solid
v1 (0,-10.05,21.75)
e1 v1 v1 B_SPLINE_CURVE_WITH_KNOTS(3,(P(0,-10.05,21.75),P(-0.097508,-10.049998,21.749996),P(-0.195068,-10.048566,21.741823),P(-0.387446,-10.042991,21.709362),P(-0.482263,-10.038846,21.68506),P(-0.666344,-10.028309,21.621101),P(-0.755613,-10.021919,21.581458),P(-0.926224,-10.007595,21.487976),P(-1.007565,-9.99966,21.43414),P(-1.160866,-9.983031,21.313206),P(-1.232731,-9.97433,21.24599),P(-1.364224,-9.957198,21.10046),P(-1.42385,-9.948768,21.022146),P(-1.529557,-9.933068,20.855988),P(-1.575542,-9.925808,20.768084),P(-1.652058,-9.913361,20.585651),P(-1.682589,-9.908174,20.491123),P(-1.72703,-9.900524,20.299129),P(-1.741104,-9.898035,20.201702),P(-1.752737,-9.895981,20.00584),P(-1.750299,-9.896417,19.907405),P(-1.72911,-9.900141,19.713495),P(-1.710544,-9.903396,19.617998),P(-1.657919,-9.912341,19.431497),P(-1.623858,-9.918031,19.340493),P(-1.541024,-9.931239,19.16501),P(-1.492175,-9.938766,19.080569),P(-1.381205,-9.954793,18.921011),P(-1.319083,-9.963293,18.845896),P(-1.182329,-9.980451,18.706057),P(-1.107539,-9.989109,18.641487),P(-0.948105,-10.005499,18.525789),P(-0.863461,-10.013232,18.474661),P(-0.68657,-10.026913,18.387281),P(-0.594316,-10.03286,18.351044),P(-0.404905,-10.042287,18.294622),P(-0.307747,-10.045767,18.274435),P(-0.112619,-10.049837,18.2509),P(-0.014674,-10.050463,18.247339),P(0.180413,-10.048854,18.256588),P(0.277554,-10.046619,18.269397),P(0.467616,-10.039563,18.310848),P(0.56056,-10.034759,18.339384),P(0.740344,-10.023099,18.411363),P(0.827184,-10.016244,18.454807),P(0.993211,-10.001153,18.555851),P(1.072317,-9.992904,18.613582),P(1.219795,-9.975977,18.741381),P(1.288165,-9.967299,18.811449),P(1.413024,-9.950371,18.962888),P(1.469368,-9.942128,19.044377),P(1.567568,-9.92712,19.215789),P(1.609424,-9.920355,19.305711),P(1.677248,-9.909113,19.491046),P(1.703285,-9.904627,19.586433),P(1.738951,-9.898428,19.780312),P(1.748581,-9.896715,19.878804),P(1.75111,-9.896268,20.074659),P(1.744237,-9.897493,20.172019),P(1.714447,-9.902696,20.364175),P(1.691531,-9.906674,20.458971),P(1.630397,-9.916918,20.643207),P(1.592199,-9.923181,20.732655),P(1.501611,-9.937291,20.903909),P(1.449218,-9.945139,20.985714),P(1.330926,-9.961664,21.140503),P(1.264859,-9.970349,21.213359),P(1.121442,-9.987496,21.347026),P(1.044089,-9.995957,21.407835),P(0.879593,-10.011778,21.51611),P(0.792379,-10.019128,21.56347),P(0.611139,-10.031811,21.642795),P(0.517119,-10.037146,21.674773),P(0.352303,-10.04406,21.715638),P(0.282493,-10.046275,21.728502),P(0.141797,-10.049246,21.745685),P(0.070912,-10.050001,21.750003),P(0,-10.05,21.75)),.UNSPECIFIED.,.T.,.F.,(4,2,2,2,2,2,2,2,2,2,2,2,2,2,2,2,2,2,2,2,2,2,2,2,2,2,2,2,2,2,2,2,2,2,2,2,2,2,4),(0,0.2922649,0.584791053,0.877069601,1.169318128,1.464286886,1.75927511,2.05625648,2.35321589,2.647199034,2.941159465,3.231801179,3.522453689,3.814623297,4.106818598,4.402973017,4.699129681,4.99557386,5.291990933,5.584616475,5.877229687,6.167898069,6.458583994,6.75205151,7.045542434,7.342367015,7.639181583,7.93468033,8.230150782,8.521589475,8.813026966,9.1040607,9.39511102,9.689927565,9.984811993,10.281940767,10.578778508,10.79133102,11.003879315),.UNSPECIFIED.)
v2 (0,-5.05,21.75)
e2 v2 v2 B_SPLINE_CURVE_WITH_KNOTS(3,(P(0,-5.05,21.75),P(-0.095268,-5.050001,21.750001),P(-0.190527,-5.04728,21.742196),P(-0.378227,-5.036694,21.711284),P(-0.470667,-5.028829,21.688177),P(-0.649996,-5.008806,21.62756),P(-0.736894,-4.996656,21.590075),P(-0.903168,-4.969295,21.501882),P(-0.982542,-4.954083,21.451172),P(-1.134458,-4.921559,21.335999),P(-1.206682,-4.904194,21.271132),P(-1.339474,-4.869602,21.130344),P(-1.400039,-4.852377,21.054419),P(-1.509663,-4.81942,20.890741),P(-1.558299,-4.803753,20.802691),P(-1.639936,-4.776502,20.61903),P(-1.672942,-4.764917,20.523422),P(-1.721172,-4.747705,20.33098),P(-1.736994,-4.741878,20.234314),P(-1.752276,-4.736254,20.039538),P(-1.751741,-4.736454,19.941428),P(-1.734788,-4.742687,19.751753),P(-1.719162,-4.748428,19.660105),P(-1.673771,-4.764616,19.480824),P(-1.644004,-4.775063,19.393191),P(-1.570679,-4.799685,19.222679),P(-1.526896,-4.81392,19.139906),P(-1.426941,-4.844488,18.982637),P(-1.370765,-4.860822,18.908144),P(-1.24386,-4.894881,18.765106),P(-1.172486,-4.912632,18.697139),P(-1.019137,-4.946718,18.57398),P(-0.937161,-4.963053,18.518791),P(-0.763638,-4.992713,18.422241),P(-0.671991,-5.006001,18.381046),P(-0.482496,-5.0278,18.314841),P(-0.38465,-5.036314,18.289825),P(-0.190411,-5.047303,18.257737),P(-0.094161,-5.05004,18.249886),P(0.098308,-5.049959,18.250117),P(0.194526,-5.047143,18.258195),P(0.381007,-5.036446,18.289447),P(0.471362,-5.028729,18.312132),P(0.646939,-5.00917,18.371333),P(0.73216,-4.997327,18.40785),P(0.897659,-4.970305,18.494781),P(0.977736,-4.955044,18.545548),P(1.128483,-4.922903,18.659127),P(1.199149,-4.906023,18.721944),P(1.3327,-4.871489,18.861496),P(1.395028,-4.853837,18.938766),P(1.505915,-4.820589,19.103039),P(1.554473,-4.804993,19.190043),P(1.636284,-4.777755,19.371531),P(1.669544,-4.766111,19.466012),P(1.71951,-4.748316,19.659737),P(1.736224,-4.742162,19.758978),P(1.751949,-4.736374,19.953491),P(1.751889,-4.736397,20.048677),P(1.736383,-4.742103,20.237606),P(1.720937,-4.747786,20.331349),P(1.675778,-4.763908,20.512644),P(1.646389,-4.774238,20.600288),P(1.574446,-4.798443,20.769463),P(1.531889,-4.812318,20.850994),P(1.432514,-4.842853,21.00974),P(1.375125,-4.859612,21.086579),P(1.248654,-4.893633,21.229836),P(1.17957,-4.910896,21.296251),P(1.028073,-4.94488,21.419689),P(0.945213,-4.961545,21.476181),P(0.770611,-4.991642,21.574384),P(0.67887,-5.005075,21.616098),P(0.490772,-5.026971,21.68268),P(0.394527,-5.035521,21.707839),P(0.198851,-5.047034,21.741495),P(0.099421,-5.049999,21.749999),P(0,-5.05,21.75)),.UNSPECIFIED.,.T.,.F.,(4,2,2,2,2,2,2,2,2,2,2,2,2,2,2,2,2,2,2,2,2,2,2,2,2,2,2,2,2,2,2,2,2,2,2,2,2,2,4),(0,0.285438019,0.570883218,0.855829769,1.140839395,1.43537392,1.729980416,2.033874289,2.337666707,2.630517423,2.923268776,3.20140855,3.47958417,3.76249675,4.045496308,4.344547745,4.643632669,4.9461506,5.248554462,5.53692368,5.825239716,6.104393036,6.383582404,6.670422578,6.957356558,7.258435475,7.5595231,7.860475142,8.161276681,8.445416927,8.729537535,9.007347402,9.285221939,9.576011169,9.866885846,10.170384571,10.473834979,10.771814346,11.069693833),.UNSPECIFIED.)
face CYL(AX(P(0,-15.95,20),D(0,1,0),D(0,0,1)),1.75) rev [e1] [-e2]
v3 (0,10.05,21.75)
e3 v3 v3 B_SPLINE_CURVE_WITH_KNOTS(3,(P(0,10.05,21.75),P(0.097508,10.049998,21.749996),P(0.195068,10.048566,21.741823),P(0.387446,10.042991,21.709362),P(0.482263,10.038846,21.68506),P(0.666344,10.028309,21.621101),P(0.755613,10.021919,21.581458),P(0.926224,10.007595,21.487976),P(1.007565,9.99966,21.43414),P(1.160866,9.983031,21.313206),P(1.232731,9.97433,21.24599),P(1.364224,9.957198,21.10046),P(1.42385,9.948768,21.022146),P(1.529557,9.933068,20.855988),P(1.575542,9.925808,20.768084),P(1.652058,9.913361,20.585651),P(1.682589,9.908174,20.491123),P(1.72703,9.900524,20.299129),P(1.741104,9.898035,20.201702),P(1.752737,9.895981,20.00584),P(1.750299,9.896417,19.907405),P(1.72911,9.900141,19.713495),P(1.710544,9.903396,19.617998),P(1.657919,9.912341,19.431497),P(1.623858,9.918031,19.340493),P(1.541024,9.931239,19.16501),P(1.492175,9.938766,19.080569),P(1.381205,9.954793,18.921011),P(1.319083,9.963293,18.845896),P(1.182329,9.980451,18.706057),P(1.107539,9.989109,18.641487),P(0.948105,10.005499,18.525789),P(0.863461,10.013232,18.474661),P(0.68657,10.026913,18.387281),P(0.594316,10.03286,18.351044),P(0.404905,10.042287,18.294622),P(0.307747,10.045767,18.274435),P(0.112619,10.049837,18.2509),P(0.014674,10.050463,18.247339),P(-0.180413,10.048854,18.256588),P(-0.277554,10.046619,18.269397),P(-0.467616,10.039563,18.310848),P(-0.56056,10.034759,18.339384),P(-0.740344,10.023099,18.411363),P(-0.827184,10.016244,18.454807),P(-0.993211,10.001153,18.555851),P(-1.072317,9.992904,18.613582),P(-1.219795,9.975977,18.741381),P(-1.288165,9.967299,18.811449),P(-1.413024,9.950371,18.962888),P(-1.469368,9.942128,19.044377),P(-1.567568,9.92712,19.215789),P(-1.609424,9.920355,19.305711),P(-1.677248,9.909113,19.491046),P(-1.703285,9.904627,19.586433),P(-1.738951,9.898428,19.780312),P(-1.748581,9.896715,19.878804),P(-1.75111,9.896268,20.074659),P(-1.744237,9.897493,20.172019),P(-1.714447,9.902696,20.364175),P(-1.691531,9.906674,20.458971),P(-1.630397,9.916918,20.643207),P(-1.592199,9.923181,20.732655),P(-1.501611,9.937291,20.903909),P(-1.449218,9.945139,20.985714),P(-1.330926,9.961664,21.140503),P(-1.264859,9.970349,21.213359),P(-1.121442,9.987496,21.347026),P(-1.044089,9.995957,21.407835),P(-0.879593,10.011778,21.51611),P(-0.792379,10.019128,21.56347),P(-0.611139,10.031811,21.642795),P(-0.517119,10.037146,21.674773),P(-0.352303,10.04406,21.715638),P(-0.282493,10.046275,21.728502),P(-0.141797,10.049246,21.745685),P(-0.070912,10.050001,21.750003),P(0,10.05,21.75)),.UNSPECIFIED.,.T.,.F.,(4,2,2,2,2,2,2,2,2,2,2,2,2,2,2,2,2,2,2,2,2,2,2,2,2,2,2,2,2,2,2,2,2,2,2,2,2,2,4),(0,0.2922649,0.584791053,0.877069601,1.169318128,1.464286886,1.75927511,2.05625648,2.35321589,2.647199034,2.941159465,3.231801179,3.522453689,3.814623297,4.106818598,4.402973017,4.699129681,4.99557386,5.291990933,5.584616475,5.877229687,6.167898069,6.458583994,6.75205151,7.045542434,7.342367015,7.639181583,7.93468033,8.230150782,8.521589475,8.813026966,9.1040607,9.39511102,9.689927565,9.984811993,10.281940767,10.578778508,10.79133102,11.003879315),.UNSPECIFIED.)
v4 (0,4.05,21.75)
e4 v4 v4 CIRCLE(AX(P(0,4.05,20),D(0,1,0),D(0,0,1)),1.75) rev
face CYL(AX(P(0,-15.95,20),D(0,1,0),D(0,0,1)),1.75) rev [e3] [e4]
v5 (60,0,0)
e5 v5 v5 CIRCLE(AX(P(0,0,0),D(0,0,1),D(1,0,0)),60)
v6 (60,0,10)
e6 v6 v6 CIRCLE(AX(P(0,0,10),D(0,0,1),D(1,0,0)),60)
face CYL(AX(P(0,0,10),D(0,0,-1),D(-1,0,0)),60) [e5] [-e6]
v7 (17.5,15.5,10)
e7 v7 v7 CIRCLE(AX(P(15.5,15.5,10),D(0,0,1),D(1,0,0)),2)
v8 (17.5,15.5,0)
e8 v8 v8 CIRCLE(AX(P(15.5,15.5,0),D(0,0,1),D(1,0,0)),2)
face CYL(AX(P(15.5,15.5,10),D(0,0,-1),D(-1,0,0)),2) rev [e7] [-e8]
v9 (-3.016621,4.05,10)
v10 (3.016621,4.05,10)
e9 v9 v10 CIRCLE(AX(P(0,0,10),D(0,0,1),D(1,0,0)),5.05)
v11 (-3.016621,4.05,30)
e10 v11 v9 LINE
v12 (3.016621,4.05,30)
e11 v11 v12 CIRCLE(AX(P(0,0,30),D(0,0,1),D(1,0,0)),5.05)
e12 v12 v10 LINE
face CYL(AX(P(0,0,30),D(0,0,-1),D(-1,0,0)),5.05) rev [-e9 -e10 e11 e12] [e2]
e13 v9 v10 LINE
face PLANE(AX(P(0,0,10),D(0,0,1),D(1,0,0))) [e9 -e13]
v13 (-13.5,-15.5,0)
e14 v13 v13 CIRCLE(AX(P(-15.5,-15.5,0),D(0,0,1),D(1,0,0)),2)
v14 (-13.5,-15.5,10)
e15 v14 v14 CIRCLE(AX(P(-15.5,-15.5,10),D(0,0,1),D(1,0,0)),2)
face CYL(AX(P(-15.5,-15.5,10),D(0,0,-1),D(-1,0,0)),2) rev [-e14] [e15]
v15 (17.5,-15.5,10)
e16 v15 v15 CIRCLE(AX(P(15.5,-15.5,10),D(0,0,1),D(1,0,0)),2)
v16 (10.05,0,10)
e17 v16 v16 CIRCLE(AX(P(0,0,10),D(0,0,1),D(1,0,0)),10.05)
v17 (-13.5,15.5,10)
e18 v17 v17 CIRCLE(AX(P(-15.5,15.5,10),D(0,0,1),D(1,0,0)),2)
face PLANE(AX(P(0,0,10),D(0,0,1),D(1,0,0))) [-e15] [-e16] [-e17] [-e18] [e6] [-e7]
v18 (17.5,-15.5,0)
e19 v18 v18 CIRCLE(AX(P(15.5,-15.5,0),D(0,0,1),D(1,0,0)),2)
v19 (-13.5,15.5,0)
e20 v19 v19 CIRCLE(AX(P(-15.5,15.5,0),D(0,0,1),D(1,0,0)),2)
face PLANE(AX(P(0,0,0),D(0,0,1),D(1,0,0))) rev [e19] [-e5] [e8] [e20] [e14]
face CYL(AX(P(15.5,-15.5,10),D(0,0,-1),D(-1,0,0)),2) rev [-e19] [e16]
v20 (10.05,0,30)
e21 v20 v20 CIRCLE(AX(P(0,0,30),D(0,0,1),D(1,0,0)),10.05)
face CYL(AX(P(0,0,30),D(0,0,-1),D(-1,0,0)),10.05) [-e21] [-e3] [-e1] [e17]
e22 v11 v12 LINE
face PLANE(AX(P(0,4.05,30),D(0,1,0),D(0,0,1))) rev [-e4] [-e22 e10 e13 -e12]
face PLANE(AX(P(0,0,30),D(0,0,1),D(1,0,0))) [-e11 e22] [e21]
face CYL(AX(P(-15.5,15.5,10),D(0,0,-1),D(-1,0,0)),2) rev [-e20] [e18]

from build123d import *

# Parameters (mm, degrees)
SKETCH1_R               = 60
SKETCH1_R_2             = 2
BOSS_EXTRUDE1_DEPTH     = 10
SKETCH2_R               = 10.05
BOSS_EXTRUDE2_DEPTH     = 20
CUT_EXTRUDE1_DEPTH      = 20
CUT_EXTRUDE1_DEPTH_BACK = 20
SKETCH3_R               = 1.75


with BuildPart() as part:
    # Sketch1 → Boss-Extrude1 (new body)
    with BuildSketch(Plane.XY):
        Circle(SKETCH1_R)
        with Locations((-15.5, 15.5)):
            Circle(SKETCH1_R_2, mode=Mode.SUBTRACT)
        with Locations((15.5, 15.5)):
            Circle(SKETCH1_R_2, mode=Mode.SUBTRACT)
        with Locations((15.5, -15.5)):
            Circle(SKETCH1_R_2, mode=Mode.SUBTRACT)
        with Locations((-15.5, -15.5)):
            Circle(SKETCH1_R_2, mode=Mode.SUBTRACT)
    extrude(amount=BOSS_EXTRUDE1_DEPTH)

    # Sketch2 → Boss-Extrude2 (add)
    with BuildSketch(Plane.XY.offset(10)):
        Circle(SKETCH2_R)
        with BuildLine():
            ThreePointArc((3.016620626, 4.05), (0, -5.05), (-3.016620626, 4.05))
            Line((-3.016620626, 4.05), (3.016620626, 4.05))
        make_face(mode=Mode.SUBTRACT)
    extrude(amount=BOSS_EXTRUDE2_DEPTH)

    # Sketch3 → Cut-Extrude1 (cut, two sides: drawn at the far end of the back side and taken through both)
    with BuildSketch(Plane(origin=(0, 4.05, 0), x_dir=(-1, 0, 0), z_dir=(0, -1, 0)).offset(-CUT_EXTRUDE1_DEPTH_BACK)):
        with Locations((0, -20)):
            Circle(SKETCH3_R)
    extrude(amount=CUT_EXTRUDE1_DEPTH + CUT_EXTRUDE1_DEPTH_BACK, mode=Mode.SUBTRACT)


solid = part.part
